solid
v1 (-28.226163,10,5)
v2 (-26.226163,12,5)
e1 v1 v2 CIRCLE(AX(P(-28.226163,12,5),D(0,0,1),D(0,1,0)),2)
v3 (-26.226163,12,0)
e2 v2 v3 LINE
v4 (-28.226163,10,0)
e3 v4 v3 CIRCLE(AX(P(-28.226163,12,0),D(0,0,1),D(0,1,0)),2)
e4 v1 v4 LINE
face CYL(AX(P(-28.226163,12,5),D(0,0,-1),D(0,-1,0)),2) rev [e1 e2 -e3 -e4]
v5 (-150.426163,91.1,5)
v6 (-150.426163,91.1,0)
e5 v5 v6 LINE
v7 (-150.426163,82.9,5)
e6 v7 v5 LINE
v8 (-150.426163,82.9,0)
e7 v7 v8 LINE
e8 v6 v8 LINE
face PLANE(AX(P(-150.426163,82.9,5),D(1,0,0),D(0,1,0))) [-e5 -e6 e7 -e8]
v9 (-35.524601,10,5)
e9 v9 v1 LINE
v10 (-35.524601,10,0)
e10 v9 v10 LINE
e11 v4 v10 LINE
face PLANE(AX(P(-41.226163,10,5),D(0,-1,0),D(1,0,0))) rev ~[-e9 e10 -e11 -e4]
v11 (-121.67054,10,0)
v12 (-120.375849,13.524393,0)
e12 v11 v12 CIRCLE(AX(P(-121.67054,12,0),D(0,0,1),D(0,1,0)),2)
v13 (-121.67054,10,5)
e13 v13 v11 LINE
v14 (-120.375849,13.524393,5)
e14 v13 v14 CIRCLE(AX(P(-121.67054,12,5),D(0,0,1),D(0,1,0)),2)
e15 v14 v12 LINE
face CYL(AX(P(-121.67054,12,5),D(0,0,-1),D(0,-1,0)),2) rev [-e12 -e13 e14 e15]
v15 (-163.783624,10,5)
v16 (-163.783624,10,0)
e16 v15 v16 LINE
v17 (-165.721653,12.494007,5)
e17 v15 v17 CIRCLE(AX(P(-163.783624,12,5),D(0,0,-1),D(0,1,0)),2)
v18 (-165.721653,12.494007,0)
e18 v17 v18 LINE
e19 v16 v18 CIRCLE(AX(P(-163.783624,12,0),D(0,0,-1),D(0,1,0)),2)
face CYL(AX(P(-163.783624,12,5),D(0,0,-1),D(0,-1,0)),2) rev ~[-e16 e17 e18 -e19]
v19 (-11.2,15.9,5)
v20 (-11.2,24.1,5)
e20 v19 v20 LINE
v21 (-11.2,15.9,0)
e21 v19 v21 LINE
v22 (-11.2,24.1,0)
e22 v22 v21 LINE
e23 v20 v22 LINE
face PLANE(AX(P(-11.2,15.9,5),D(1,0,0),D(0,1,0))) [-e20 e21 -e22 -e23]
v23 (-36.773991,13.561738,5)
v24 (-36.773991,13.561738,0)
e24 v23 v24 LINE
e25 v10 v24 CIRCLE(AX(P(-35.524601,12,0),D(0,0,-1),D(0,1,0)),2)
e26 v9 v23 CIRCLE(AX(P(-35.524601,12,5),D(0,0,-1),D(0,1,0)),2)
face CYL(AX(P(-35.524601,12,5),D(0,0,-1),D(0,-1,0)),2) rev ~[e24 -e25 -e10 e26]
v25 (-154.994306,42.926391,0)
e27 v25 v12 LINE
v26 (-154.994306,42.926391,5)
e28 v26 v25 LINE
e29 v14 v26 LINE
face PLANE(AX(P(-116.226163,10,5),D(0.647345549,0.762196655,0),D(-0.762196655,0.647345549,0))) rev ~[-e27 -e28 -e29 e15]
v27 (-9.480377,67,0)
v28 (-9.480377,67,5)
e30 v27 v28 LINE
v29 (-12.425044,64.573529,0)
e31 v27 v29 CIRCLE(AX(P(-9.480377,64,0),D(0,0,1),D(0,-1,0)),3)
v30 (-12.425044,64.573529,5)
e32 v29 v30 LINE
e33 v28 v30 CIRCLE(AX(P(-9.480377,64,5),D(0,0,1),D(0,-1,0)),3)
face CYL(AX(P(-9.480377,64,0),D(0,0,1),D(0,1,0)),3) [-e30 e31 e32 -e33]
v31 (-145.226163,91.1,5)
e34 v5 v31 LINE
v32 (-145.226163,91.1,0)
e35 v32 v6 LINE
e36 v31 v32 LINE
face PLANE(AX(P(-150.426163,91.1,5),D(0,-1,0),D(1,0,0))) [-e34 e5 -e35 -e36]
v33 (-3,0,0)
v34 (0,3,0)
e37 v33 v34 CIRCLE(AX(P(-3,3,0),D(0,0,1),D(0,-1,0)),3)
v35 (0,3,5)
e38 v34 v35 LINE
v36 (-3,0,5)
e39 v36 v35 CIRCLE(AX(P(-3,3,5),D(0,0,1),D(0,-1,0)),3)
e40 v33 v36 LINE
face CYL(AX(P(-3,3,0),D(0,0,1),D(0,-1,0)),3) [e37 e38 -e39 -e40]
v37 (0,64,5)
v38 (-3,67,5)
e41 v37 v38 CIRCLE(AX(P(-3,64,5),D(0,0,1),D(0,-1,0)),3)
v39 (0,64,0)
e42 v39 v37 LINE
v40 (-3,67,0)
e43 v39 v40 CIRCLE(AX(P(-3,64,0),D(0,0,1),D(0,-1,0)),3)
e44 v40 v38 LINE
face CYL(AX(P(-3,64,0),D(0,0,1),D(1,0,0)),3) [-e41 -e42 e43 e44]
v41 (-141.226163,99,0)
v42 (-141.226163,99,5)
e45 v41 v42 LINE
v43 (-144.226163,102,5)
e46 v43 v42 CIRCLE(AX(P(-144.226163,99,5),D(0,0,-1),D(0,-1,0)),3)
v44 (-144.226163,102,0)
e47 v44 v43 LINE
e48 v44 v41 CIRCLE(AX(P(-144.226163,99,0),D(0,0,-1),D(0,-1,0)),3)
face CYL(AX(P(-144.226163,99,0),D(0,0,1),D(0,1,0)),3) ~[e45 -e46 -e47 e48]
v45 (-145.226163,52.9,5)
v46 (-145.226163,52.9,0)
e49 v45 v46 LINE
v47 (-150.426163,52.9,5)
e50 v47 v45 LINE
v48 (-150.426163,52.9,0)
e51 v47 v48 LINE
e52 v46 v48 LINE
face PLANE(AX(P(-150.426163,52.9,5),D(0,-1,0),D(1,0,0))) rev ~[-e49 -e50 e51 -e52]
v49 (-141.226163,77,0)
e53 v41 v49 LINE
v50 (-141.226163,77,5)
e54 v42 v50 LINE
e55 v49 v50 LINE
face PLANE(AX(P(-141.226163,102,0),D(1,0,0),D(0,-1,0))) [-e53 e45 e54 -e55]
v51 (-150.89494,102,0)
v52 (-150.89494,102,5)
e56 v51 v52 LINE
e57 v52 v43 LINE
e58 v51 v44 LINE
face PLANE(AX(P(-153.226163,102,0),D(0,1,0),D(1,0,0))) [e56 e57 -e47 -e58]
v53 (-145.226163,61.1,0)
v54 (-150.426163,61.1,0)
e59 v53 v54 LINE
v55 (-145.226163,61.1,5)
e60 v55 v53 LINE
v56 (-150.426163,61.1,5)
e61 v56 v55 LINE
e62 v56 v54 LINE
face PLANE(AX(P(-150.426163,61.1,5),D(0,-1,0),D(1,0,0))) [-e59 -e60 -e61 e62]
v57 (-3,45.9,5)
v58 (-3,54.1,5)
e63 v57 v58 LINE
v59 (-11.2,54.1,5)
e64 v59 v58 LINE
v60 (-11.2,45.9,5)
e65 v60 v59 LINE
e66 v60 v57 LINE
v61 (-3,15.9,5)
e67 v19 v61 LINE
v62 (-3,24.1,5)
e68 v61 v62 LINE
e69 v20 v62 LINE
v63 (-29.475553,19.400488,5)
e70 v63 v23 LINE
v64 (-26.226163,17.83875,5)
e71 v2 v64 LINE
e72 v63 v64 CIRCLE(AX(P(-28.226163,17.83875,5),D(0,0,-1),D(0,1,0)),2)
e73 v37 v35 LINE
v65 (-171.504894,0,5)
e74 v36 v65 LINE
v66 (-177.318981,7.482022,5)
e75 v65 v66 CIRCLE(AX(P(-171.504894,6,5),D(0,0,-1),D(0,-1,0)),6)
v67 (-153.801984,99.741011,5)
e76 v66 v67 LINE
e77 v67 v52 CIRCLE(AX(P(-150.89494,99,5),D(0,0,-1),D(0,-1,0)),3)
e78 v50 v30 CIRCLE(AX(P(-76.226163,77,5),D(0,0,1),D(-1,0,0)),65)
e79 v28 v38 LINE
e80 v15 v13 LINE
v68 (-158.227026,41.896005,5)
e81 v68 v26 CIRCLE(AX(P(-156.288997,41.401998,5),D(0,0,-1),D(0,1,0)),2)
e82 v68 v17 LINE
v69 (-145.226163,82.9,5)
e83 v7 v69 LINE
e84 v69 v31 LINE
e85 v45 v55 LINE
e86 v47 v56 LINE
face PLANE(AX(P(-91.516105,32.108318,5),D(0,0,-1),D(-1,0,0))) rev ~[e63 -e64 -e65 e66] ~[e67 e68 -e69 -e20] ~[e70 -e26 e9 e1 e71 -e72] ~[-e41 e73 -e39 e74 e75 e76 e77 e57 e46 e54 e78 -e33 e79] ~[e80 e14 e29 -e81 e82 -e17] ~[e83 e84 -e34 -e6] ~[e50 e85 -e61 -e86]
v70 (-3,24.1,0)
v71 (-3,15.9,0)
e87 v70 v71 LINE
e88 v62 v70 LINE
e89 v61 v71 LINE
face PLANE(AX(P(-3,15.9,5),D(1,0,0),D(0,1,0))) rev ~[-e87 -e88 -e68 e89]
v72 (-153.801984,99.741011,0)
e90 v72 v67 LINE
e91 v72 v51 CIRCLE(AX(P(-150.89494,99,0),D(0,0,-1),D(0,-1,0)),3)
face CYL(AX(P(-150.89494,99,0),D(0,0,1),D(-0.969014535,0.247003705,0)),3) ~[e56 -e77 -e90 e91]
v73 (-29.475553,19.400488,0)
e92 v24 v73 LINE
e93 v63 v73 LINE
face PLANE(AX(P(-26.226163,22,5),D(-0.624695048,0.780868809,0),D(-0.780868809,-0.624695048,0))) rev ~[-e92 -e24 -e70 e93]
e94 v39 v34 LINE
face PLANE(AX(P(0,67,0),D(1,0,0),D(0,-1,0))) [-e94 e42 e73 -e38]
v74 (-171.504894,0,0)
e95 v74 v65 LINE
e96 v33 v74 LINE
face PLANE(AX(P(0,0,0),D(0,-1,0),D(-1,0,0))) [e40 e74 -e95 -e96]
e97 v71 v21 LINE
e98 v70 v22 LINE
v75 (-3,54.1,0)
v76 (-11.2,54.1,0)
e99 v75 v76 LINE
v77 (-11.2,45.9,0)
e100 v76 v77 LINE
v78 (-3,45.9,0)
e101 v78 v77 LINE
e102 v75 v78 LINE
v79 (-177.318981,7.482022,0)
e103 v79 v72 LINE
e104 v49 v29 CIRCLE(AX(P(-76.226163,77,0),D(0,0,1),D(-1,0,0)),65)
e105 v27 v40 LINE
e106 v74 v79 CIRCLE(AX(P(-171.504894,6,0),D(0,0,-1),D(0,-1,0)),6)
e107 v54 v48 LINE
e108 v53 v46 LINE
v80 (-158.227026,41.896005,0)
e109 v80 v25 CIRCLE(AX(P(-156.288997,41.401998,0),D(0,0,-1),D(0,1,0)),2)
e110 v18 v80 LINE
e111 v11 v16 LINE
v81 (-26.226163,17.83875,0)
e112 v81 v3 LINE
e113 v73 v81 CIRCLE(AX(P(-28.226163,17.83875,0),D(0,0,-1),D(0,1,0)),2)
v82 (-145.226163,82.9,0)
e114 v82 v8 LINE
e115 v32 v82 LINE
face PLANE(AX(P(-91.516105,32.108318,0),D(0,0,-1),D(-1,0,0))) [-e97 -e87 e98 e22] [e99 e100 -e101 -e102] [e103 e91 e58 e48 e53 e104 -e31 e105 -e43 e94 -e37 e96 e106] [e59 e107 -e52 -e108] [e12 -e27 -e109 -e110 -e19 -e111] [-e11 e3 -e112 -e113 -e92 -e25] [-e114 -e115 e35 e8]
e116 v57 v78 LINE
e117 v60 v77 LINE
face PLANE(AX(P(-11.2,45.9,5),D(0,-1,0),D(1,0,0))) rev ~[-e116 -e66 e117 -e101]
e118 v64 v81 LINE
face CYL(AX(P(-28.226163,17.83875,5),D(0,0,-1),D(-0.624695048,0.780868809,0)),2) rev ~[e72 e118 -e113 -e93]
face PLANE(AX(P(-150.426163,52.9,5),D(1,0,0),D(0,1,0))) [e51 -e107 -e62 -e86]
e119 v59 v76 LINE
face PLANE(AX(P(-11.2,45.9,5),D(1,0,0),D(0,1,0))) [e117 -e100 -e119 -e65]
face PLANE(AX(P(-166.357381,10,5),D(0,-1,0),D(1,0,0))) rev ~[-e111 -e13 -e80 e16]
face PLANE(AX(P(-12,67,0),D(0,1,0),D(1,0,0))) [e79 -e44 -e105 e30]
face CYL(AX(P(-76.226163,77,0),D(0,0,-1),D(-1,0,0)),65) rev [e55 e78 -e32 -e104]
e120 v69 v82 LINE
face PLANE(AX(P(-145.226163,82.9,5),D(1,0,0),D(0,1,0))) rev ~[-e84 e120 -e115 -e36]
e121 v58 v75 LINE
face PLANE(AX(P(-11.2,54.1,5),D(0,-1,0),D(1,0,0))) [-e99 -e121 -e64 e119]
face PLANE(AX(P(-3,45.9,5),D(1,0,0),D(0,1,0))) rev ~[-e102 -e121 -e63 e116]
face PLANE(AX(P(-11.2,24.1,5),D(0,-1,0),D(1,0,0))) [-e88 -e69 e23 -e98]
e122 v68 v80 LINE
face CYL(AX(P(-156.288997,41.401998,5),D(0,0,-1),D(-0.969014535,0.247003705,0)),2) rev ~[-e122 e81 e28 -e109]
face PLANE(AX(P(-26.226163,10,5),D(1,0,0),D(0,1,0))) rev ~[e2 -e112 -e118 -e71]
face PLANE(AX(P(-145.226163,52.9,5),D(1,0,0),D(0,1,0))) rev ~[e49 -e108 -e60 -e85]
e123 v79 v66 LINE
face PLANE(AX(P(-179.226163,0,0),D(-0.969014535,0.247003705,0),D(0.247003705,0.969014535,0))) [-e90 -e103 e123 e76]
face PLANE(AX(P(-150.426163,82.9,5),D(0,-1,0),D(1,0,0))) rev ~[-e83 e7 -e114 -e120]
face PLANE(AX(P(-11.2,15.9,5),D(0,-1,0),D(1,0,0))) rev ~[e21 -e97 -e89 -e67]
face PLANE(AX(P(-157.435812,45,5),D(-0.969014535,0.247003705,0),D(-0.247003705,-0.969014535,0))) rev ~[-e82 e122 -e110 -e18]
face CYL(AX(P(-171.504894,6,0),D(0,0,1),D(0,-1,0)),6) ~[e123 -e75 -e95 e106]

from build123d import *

# Parameters (mm, degrees)
SALIENTE_EXTRUIR1_DEPTH = 5
CORTAR_EXTRUIR3_DEPTH   = 10
REDONDEO4_R             = 2
CROQUIS3_W              = 5.2
CROQUIS3_H              = 8.2
CORTAR_EXTRUIR2_DEPTH   = 10
REDONDEO2_R             = 3
REDONDEO3_R             = 6
CROQUIS5_W              = 8.2
CROQUIS5_H              = 8.2
CORTAR_EXTRUIR4_DEPTH   = 10


with BuildPart() as part:
    # Croquis1 → Saliente-Extruir1 (new body)
    with BuildSketch(Plane.XY):
        with BuildLine():
            Line((0, 0), (-179.226162893, 0))
            Line((-179.226162893, 0), (-153.226162893, 102))
            Line((-153.226162893, 102), (-141.226162893, 102))
            Line((-141.226162893, 102), (-141.226162893, 77))
            ThreePointArc((-141.226162893, 77), (-81.241111145, 12.193748033), (-12, 67))
            Line((-12, 67), (0, 67))
            Line((0, 67), (0, 0))
        make_face()
    extrude(amount=SALIENTE_EXTRUIR1_DEPTH)

    # Croquis4 → Cortar-Extruir3 (cut)
    with BuildSketch(Plane.XY.offset(5)):
        Polygon((-166.357380645, 10), (-116.226162893, 10), (-157.435812017, 45), align=None)
        Polygon((-41.226162893, 10), (-26.226162893, 10), (-26.226162893, 22), align=None)
    extrude(amount=-CORTAR_EXTRUIR3_DEPTH, mode=Mode.SUBTRACT)

    # Redondeo4
    redondeo4_edges = [part.edges().sort_by_distance(p)[0] for p in [
        (-166.357380645, 10, 2.5),
        (-157.435812017, 45, 2.5),
        (-116.226162893, 10, 2.5),
        (-41.226162893, 10, 2.5),
        (-26.226162893, 22, 2.5),
        (-26.226162893, 10, 2.5),
    ]]
    fillet(redondeo4_edges, radius=REDONDEO4_R)

    # Croquis3 → Cortar-Extruir2 (cut)
    with BuildSketch(Plane.XY.offset(5)):
        with Locations((-147.826162893, 87)):
            Rectangle(CROQUIS3_W, CROQUIS3_H)
        with Locations((-147.826162893, 57)):
            Rectangle(CROQUIS3_W, CROQUIS3_H)
    extrude(amount=-CORTAR_EXTRUIR2_DEPTH, mode=Mode.SUBTRACT)

    # Redondeo2
    redondeo2_edges = [part.edges().sort_by_distance(p)[0] for p in [
        (0, 0, 2.5),
        (-153.226162893, 102, 2.5),
        (-141.226162893, 102, 2.5),
        (-12, 67, 2.5),
        (0, 67, 2.5),
    ]]
    fillet(redondeo2_edges, radius=REDONDEO2_R)

    # Redondeo3
    redondeo3_edges = [part.edges().sort_by_distance(p)[0] for p in [
        (-179.226162893, 0, 2.5),
    ]]
    fillet(redondeo3_edges, radius=REDONDEO3_R)

    # Croquis5 → Cortar-Extruir4 (cut)
    with BuildSketch(Plane.XY.offset(5)):
        with Locations((-7.1, 50)):
            Rectangle(CROQUIS5_W, CROQUIS5_H)
        with Locations((-7.1, 20)):
            Rectangle(CROQUIS5_W, CROQUIS5_H)
    extrude(amount=-CORTAR_EXTRUIR4_DEPTH, mode=Mode.SUBTRACT)


solid = part.part
